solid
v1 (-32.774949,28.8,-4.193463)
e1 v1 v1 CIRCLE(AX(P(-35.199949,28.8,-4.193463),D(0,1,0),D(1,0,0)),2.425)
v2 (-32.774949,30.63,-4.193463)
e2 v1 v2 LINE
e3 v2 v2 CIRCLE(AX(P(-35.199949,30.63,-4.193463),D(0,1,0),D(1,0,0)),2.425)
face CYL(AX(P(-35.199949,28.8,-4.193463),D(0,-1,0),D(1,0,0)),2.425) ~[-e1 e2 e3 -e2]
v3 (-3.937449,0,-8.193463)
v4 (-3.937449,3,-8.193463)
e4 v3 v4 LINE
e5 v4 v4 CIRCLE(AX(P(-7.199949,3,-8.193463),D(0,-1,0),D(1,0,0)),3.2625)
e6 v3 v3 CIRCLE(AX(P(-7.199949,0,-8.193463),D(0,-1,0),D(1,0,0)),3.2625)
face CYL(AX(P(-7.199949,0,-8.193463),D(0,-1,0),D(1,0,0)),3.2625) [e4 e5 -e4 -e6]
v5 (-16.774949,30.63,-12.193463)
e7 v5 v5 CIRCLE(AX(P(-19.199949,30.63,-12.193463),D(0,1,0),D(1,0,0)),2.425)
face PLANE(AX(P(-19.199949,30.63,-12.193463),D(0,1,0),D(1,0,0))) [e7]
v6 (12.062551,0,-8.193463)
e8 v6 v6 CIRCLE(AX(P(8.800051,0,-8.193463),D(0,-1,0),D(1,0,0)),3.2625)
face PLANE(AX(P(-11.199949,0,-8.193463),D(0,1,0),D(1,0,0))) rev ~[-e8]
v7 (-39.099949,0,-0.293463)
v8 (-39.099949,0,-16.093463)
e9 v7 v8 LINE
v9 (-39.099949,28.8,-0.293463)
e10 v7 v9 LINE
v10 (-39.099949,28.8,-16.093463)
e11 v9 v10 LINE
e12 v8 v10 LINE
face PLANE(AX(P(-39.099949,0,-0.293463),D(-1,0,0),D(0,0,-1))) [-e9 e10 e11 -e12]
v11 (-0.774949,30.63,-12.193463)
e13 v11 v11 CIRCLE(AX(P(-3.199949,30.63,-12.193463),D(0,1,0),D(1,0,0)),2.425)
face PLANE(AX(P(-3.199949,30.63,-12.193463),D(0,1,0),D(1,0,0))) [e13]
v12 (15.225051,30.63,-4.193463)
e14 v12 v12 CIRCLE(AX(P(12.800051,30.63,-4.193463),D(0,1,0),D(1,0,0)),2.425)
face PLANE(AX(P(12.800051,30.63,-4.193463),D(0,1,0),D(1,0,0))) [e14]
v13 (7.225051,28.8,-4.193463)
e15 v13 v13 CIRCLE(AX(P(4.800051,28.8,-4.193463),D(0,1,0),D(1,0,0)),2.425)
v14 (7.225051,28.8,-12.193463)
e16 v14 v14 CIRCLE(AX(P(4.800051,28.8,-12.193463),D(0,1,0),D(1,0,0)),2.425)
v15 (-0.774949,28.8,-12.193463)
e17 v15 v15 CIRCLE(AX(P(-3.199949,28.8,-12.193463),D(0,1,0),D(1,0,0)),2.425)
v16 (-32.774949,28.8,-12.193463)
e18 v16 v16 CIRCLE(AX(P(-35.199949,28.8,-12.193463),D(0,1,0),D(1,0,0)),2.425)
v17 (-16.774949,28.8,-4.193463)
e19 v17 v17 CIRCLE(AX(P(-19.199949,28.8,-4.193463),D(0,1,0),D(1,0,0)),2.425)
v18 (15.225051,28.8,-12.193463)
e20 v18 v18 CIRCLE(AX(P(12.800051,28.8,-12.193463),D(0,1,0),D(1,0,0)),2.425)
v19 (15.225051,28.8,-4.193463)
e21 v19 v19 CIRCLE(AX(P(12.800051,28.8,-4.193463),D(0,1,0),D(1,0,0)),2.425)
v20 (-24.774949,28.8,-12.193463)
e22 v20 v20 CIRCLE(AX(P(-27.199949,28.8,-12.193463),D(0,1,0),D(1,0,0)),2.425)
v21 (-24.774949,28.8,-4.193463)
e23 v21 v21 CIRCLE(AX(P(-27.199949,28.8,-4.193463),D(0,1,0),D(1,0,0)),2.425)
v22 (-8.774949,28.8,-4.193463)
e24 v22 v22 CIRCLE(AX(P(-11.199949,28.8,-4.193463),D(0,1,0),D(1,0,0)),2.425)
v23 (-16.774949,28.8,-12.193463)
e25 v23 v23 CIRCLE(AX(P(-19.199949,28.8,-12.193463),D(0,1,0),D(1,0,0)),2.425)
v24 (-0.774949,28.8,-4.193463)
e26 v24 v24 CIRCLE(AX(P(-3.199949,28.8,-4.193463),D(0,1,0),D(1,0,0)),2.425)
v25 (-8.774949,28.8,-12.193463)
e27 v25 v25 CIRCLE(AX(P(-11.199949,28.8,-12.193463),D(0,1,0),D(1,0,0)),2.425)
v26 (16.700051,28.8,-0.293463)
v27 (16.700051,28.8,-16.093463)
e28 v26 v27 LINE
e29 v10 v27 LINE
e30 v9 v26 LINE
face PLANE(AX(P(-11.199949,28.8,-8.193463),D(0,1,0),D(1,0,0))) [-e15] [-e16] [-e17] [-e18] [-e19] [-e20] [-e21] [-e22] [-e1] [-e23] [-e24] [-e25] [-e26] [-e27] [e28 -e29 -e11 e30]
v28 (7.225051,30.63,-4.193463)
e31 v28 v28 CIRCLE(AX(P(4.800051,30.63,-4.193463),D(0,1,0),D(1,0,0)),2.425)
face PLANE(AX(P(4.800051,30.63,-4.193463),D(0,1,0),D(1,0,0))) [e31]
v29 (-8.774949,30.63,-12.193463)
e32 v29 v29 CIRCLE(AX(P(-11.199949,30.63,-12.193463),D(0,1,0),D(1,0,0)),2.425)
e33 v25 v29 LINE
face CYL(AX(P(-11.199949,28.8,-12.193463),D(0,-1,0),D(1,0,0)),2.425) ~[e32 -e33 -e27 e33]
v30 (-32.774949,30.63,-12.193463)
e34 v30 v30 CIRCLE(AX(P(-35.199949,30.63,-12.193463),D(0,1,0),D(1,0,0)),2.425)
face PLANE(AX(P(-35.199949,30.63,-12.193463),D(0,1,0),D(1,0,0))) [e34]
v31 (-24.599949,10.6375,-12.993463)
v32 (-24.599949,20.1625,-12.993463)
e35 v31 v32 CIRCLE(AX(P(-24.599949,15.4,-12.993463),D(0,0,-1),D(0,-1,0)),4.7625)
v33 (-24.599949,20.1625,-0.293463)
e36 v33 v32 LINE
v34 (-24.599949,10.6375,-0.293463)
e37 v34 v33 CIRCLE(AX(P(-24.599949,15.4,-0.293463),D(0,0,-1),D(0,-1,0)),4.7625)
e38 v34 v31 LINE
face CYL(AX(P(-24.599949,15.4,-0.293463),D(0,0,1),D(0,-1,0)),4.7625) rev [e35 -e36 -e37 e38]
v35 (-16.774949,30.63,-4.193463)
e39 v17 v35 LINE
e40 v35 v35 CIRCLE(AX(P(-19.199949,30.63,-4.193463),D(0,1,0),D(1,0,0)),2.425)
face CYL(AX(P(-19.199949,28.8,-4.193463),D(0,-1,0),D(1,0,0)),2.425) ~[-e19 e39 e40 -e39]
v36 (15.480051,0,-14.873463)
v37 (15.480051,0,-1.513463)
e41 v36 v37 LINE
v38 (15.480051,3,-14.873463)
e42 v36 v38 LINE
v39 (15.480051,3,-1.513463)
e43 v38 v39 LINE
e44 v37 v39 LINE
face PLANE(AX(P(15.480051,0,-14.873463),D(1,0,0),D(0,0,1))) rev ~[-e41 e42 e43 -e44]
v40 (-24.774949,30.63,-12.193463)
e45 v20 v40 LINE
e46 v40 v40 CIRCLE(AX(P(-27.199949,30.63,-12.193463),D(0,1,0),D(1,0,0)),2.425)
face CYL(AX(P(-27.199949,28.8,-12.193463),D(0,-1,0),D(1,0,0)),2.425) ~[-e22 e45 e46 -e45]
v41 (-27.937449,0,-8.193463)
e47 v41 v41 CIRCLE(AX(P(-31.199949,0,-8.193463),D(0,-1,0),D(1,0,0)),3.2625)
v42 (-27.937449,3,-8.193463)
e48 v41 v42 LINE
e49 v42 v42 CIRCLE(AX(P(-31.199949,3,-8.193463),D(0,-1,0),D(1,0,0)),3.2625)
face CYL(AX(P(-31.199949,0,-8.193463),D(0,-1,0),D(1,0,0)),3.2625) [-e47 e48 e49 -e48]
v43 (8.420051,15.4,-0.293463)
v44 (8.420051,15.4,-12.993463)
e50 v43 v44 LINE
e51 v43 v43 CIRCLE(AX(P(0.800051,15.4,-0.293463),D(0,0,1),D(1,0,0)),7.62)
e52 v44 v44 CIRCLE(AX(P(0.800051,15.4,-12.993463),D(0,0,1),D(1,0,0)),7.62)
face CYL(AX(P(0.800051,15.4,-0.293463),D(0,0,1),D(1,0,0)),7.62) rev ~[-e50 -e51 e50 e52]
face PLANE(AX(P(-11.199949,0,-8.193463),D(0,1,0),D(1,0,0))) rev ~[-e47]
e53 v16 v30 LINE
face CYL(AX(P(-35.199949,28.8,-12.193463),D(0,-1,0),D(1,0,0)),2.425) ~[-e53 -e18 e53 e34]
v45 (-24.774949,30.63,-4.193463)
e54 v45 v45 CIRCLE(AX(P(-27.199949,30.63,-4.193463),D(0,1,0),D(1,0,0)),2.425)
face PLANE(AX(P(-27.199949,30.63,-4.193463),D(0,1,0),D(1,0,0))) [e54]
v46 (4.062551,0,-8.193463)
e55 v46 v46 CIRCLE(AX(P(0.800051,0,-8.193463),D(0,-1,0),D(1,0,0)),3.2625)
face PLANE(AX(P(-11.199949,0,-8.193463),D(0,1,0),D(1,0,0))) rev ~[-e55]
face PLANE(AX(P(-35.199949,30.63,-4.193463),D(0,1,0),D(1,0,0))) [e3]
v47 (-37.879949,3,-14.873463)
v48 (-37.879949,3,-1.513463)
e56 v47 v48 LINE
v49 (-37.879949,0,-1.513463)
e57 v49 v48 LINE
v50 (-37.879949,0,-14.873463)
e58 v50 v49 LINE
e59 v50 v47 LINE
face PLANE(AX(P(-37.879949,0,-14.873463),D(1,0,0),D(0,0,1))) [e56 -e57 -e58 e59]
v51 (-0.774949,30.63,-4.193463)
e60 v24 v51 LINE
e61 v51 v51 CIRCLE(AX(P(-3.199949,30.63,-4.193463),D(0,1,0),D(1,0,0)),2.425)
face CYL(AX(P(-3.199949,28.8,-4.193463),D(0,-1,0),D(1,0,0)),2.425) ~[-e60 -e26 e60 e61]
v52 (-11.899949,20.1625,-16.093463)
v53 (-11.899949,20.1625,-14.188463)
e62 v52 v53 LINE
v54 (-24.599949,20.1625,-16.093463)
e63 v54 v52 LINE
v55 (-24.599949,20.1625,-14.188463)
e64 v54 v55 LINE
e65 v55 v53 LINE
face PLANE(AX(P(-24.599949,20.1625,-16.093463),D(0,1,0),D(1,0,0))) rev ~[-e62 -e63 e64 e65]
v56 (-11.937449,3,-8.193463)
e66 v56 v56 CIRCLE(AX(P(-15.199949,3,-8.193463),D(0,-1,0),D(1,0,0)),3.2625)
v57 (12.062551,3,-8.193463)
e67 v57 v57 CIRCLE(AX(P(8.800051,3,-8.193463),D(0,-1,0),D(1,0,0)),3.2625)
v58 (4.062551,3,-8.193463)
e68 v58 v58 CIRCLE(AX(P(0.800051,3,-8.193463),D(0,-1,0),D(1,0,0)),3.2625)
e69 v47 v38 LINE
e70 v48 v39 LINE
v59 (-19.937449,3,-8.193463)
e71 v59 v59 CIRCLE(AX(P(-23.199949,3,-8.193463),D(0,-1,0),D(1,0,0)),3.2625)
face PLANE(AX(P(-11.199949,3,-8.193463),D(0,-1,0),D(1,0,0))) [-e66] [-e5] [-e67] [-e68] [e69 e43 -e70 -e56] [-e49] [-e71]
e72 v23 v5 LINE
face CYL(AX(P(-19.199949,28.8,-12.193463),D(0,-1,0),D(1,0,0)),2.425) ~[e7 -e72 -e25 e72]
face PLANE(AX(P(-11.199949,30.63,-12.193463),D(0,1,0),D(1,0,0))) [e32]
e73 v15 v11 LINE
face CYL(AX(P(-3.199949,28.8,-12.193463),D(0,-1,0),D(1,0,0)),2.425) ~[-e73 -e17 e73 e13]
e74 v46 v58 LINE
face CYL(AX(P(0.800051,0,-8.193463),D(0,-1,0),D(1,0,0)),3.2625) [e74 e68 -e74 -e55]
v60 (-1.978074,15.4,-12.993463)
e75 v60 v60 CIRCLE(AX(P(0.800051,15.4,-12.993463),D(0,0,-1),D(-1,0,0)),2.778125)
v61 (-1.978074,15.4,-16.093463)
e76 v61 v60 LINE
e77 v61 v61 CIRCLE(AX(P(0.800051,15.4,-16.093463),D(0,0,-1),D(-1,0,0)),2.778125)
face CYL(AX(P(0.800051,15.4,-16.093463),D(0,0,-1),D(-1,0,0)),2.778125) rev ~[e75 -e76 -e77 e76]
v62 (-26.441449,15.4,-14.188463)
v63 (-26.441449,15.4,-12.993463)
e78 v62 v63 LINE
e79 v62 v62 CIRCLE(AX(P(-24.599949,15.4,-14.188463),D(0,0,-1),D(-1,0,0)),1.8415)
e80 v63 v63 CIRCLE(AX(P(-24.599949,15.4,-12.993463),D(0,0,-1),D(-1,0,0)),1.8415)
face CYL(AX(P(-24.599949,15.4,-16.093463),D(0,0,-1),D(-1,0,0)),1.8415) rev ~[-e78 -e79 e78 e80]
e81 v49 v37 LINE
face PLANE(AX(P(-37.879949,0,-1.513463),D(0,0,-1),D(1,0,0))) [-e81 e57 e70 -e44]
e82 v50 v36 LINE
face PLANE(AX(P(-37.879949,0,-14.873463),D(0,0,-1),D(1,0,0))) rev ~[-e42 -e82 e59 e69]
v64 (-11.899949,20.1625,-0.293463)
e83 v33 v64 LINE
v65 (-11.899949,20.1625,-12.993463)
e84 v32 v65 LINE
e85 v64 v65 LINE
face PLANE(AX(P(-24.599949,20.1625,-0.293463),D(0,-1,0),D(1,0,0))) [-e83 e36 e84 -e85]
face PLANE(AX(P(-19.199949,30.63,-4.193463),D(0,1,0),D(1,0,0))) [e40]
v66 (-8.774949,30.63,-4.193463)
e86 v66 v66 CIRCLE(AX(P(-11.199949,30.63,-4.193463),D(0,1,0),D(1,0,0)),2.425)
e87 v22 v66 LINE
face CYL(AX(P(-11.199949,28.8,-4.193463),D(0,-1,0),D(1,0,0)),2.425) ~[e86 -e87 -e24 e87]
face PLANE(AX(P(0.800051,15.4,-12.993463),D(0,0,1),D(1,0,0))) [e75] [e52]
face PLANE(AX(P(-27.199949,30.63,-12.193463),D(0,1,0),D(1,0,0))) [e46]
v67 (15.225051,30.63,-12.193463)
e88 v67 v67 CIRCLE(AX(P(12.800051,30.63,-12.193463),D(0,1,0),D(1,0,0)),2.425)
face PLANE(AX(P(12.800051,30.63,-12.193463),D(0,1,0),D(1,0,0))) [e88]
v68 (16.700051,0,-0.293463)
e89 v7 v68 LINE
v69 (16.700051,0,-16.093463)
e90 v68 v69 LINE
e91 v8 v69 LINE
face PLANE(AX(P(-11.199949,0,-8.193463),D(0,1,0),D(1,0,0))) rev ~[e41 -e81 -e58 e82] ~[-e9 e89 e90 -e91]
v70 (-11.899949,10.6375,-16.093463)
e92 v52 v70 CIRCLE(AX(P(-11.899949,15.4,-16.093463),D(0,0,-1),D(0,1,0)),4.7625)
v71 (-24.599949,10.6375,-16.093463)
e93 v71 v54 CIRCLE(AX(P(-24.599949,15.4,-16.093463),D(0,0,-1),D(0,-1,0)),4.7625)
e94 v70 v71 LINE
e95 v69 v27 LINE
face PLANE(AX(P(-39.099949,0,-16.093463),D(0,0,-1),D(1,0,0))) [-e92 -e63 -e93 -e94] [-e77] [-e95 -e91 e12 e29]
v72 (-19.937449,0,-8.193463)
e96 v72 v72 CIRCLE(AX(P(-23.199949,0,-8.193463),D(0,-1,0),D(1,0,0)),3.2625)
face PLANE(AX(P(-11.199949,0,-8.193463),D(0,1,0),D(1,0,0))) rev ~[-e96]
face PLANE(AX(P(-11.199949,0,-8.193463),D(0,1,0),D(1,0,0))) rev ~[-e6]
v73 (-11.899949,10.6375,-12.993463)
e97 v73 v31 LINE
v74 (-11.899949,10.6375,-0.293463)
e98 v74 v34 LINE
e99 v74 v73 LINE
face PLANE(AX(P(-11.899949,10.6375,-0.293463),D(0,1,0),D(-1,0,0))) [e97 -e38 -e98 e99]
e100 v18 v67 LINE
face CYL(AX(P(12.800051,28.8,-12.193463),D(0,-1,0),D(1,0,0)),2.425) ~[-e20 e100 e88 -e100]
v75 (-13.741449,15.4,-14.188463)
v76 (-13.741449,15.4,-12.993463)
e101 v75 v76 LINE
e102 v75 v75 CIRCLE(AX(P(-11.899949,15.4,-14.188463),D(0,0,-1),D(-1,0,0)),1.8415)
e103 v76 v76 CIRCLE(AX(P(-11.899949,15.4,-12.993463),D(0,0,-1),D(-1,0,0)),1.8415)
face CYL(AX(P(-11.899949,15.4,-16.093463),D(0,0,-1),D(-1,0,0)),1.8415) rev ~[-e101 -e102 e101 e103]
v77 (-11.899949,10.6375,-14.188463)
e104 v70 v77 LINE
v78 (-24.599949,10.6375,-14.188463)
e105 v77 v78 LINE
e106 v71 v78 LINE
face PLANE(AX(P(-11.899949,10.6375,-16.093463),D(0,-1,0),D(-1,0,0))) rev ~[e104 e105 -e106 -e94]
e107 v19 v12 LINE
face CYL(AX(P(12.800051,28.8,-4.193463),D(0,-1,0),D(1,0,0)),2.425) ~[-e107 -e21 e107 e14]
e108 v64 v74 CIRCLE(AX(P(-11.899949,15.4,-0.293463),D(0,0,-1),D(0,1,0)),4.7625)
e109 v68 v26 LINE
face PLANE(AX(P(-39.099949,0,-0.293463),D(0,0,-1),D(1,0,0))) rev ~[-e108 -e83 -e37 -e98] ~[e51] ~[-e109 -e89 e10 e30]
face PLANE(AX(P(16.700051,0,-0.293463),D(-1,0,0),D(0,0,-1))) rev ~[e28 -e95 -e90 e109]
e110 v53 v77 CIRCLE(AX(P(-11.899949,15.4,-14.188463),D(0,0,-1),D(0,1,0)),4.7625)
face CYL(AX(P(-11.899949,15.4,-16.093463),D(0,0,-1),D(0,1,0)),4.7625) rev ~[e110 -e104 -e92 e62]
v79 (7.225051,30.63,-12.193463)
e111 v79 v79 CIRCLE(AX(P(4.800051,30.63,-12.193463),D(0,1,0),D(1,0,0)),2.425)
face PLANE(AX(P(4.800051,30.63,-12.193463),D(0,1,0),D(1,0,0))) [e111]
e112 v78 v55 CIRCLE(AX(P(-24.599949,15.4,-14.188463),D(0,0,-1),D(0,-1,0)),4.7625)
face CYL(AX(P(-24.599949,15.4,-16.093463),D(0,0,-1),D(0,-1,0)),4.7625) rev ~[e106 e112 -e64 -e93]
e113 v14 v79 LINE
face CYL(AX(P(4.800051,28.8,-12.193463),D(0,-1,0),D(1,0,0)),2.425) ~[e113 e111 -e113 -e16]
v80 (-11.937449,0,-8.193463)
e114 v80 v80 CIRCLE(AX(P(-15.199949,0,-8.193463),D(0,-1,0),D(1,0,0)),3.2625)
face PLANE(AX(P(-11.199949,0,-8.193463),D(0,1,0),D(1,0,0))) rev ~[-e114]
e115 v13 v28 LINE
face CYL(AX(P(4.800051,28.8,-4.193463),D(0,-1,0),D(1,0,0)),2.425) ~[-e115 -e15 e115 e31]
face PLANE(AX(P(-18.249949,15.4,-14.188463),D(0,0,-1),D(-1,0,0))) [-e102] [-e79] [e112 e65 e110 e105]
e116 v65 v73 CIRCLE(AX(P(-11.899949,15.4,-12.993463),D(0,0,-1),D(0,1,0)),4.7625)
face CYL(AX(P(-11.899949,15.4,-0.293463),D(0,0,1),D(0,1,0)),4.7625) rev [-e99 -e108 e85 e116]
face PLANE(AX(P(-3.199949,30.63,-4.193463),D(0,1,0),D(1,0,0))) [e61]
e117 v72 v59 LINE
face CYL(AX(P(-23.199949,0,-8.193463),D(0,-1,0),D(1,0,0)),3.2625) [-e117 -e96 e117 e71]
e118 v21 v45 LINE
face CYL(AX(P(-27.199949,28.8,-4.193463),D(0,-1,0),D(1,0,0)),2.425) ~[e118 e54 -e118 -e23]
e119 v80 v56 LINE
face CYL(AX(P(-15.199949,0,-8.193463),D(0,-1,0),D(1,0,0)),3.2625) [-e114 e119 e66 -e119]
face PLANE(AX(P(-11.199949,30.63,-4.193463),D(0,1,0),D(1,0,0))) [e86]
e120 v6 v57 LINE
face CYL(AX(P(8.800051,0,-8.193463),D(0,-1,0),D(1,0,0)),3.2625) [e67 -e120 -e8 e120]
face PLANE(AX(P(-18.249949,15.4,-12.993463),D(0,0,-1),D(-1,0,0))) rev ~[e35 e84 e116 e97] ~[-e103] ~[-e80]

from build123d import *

# Parameters (mm, degrees)
SKETCH1_W           = 55.8
SKETCH1_H           = 15.8
BOSS_EXTRUDE1_DEPTH = 28.8
SKETCH2_R           = 7.62
CUT_EXTRUDE1_DEPTH  = 12.7
SKETCH4_R           = 2.778125
SKETCH4_R_2         = 1.8415
CUT_EXTRUDE2_DEPTH  = 12.7
CUT_EXTRUDE6_DEPTH  = 1.905
SKETCH6_R           = 2.425
BOSS_EXTRUDE2_DEPTH = 1.83
SKETCH7_W           = 53.36
SKETCH7_H           = 13.36
SKETCH7_R           = 3.2625
CUT_EXTRUDE7_DEPTH  = 3


with BuildPart() as part:
    # Sketch1 → Boss-Extrude1 (new body)
    with BuildSketch(Plane(origin=(0, 0, 0), x_dir=(1, 0, 0), z_dir=(0, 1, 0))):
        with Locations((-11.199948696, 8.193463303)):
            Rectangle(SKETCH1_W, SKETCH1_H)
    extrude(amount=BOSS_EXTRUDE1_DEPTH)

    # Sketch2 → Cut-Extrude1 (cut)
    with BuildSketch(Plane.XY.offset(-0.293463303)):
        with Locations((0.800051304, 15.4)):
            Circle(SKETCH2_R)
        with BuildLine():
            Line((-11.899948696, 10.6375), (-24.599948696, 10.6375))
            ThreePointArc((-24.599948696, 10.6375), (-29.362448696, 15.4), (-24.599948696, 20.1625))
            Line((-24.599948696, 20.1625), (-11.899948696, 20.1625))
            ThreePointArc((-11.899948696, 20.1625), (-7.137448696, 15.4), (-11.899948696, 10.6375))
        make_face()
    extrude(amount=-CUT_EXTRUDE1_DEPTH, mode=Mode.SUBTRACT)

    # Sketch4 → Cut-Extrude2 (cut)
    with BuildSketch(Plane(origin=(0, 0, -16.093463303), x_dir=(-1, 0, 0), z_dir=(0, 0, -1))):
        with Locations((-0.800051304, 15.4)):
            Circle(SKETCH4_R)
        with Locations((11.899948696, 15.4)):
            Circle(SKETCH4_R_2)
        with Locations((24.599948696, 15.4)):
            Circle(SKETCH4_R_2)
    extrude(amount=-CUT_EXTRUDE2_DEPTH, mode=Mode.SUBTRACT)

    # Sketch5 → Cut-Extrude6 (cut)
    with BuildSketch(Plane(origin=(0, 0, -16.093463303), x_dir=(-1, 0, 0), z_dir=(0, 0, -1))):
        with BuildLine():
            Line((24.599948696, 20.1625), (11.899948696, 20.1625))
            ThreePointArc((11.899948696, 20.1625), (7.137448696, 15.4), (11.899948696, 10.6375))
            Line((11.899948696, 10.6375), (24.599948696, 10.6375))
            ThreePointArc((24.599948696, 10.6375), (29.362448696, 15.4), (24.599948696, 20.1625))
        make_face()
    extrude(amount=-CUT_EXTRUDE6_DEPTH, mode=Mode.SUBTRACT)

    # Sketch6 → Boss-Extrude2 (add)
    with BuildSketch(Plane(origin=(0, 28.8, 0), x_dir=(1, 0, 0), z_dir=(0, 1, 0))):
        with Locations((12.800051304, 12.193463303)):
            Circle(SKETCH6_R)
        with Locations((12.800051304, 4.193463303)):
            Circle(SKETCH6_R)
        with Locations((4.800051304, 12.193463303)):
            Circle(SKETCH6_R)
        with Locations((4.800051304, 4.193463303)):
            Circle(SKETCH6_R)
        with Locations((-3.199948696, 12.193463303)):
            Circle(SKETCH6_R)
        with Locations((-3.199948696, 4.193463303)):
            Circle(SKETCH6_R)
        with Locations((-11.199948696, 12.193463303)):
            Circle(SKETCH6_R)
        with Locations((-11.199948696, 4.193463303)):
            Circle(SKETCH6_R)
        with Locations((-19.199948696, 12.193463303)):
            Circle(SKETCH6_R)
        with Locations((-19.199948696, 4.193463303)):
            Circle(SKETCH6_R)
        with Locations((-27.199948696, 12.193463303)):
            Circle(SKETCH6_R)
        with Locations((-27.199948696, 4.193463303)):
            Circle(SKETCH6_R)
        with Locations((-35.199948696, 12.193463303)):
            Circle(SKETCH6_R)
        with Locations((-35.199948696, 4.193463303)):
            Circle(SKETCH6_R)
    extrude(amount=BOSS_EXTRUDE2_DEPTH)

    # Sketch7 → Cut-Extrude7 (cut)
    with BuildSketch(Plane.XZ):
        with Locations((-11.199948696, -8.193463303)):
            Rectangle(SKETCH7_W, SKETCH7_H)
        with Locations((8.800051304, -8.193463303)):
            Circle(SKETCH7_R, mode=Mode.SUBTRACT)
        with Locations((0.800051304, -8.193463303)):
            Circle(SKETCH7_R, mode=Mode.SUBTRACT)
        with Locations((-7.199948696, -8.193463303)):
            Circle(SKETCH7_R, mode=Mode.SUBTRACT)
        with Locations((-15.199948696, -8.193463303)):
            Circle(SKETCH7_R, mode=Mode.SUBTRACT)
        with Locations((-23.199948696, -8.193463303)):
            Circle(SKETCH7_R, mode=Mode.SUBTRACT)
        with Locations((-31.199948696, -8.193463303)):
            Circle(SKETCH7_R, mode=Mode.SUBTRACT)
    extrude(amount=-CUT_EXTRUDE7_DEPTH, mode=Mode.SUBTRACT)


solid = part.part
